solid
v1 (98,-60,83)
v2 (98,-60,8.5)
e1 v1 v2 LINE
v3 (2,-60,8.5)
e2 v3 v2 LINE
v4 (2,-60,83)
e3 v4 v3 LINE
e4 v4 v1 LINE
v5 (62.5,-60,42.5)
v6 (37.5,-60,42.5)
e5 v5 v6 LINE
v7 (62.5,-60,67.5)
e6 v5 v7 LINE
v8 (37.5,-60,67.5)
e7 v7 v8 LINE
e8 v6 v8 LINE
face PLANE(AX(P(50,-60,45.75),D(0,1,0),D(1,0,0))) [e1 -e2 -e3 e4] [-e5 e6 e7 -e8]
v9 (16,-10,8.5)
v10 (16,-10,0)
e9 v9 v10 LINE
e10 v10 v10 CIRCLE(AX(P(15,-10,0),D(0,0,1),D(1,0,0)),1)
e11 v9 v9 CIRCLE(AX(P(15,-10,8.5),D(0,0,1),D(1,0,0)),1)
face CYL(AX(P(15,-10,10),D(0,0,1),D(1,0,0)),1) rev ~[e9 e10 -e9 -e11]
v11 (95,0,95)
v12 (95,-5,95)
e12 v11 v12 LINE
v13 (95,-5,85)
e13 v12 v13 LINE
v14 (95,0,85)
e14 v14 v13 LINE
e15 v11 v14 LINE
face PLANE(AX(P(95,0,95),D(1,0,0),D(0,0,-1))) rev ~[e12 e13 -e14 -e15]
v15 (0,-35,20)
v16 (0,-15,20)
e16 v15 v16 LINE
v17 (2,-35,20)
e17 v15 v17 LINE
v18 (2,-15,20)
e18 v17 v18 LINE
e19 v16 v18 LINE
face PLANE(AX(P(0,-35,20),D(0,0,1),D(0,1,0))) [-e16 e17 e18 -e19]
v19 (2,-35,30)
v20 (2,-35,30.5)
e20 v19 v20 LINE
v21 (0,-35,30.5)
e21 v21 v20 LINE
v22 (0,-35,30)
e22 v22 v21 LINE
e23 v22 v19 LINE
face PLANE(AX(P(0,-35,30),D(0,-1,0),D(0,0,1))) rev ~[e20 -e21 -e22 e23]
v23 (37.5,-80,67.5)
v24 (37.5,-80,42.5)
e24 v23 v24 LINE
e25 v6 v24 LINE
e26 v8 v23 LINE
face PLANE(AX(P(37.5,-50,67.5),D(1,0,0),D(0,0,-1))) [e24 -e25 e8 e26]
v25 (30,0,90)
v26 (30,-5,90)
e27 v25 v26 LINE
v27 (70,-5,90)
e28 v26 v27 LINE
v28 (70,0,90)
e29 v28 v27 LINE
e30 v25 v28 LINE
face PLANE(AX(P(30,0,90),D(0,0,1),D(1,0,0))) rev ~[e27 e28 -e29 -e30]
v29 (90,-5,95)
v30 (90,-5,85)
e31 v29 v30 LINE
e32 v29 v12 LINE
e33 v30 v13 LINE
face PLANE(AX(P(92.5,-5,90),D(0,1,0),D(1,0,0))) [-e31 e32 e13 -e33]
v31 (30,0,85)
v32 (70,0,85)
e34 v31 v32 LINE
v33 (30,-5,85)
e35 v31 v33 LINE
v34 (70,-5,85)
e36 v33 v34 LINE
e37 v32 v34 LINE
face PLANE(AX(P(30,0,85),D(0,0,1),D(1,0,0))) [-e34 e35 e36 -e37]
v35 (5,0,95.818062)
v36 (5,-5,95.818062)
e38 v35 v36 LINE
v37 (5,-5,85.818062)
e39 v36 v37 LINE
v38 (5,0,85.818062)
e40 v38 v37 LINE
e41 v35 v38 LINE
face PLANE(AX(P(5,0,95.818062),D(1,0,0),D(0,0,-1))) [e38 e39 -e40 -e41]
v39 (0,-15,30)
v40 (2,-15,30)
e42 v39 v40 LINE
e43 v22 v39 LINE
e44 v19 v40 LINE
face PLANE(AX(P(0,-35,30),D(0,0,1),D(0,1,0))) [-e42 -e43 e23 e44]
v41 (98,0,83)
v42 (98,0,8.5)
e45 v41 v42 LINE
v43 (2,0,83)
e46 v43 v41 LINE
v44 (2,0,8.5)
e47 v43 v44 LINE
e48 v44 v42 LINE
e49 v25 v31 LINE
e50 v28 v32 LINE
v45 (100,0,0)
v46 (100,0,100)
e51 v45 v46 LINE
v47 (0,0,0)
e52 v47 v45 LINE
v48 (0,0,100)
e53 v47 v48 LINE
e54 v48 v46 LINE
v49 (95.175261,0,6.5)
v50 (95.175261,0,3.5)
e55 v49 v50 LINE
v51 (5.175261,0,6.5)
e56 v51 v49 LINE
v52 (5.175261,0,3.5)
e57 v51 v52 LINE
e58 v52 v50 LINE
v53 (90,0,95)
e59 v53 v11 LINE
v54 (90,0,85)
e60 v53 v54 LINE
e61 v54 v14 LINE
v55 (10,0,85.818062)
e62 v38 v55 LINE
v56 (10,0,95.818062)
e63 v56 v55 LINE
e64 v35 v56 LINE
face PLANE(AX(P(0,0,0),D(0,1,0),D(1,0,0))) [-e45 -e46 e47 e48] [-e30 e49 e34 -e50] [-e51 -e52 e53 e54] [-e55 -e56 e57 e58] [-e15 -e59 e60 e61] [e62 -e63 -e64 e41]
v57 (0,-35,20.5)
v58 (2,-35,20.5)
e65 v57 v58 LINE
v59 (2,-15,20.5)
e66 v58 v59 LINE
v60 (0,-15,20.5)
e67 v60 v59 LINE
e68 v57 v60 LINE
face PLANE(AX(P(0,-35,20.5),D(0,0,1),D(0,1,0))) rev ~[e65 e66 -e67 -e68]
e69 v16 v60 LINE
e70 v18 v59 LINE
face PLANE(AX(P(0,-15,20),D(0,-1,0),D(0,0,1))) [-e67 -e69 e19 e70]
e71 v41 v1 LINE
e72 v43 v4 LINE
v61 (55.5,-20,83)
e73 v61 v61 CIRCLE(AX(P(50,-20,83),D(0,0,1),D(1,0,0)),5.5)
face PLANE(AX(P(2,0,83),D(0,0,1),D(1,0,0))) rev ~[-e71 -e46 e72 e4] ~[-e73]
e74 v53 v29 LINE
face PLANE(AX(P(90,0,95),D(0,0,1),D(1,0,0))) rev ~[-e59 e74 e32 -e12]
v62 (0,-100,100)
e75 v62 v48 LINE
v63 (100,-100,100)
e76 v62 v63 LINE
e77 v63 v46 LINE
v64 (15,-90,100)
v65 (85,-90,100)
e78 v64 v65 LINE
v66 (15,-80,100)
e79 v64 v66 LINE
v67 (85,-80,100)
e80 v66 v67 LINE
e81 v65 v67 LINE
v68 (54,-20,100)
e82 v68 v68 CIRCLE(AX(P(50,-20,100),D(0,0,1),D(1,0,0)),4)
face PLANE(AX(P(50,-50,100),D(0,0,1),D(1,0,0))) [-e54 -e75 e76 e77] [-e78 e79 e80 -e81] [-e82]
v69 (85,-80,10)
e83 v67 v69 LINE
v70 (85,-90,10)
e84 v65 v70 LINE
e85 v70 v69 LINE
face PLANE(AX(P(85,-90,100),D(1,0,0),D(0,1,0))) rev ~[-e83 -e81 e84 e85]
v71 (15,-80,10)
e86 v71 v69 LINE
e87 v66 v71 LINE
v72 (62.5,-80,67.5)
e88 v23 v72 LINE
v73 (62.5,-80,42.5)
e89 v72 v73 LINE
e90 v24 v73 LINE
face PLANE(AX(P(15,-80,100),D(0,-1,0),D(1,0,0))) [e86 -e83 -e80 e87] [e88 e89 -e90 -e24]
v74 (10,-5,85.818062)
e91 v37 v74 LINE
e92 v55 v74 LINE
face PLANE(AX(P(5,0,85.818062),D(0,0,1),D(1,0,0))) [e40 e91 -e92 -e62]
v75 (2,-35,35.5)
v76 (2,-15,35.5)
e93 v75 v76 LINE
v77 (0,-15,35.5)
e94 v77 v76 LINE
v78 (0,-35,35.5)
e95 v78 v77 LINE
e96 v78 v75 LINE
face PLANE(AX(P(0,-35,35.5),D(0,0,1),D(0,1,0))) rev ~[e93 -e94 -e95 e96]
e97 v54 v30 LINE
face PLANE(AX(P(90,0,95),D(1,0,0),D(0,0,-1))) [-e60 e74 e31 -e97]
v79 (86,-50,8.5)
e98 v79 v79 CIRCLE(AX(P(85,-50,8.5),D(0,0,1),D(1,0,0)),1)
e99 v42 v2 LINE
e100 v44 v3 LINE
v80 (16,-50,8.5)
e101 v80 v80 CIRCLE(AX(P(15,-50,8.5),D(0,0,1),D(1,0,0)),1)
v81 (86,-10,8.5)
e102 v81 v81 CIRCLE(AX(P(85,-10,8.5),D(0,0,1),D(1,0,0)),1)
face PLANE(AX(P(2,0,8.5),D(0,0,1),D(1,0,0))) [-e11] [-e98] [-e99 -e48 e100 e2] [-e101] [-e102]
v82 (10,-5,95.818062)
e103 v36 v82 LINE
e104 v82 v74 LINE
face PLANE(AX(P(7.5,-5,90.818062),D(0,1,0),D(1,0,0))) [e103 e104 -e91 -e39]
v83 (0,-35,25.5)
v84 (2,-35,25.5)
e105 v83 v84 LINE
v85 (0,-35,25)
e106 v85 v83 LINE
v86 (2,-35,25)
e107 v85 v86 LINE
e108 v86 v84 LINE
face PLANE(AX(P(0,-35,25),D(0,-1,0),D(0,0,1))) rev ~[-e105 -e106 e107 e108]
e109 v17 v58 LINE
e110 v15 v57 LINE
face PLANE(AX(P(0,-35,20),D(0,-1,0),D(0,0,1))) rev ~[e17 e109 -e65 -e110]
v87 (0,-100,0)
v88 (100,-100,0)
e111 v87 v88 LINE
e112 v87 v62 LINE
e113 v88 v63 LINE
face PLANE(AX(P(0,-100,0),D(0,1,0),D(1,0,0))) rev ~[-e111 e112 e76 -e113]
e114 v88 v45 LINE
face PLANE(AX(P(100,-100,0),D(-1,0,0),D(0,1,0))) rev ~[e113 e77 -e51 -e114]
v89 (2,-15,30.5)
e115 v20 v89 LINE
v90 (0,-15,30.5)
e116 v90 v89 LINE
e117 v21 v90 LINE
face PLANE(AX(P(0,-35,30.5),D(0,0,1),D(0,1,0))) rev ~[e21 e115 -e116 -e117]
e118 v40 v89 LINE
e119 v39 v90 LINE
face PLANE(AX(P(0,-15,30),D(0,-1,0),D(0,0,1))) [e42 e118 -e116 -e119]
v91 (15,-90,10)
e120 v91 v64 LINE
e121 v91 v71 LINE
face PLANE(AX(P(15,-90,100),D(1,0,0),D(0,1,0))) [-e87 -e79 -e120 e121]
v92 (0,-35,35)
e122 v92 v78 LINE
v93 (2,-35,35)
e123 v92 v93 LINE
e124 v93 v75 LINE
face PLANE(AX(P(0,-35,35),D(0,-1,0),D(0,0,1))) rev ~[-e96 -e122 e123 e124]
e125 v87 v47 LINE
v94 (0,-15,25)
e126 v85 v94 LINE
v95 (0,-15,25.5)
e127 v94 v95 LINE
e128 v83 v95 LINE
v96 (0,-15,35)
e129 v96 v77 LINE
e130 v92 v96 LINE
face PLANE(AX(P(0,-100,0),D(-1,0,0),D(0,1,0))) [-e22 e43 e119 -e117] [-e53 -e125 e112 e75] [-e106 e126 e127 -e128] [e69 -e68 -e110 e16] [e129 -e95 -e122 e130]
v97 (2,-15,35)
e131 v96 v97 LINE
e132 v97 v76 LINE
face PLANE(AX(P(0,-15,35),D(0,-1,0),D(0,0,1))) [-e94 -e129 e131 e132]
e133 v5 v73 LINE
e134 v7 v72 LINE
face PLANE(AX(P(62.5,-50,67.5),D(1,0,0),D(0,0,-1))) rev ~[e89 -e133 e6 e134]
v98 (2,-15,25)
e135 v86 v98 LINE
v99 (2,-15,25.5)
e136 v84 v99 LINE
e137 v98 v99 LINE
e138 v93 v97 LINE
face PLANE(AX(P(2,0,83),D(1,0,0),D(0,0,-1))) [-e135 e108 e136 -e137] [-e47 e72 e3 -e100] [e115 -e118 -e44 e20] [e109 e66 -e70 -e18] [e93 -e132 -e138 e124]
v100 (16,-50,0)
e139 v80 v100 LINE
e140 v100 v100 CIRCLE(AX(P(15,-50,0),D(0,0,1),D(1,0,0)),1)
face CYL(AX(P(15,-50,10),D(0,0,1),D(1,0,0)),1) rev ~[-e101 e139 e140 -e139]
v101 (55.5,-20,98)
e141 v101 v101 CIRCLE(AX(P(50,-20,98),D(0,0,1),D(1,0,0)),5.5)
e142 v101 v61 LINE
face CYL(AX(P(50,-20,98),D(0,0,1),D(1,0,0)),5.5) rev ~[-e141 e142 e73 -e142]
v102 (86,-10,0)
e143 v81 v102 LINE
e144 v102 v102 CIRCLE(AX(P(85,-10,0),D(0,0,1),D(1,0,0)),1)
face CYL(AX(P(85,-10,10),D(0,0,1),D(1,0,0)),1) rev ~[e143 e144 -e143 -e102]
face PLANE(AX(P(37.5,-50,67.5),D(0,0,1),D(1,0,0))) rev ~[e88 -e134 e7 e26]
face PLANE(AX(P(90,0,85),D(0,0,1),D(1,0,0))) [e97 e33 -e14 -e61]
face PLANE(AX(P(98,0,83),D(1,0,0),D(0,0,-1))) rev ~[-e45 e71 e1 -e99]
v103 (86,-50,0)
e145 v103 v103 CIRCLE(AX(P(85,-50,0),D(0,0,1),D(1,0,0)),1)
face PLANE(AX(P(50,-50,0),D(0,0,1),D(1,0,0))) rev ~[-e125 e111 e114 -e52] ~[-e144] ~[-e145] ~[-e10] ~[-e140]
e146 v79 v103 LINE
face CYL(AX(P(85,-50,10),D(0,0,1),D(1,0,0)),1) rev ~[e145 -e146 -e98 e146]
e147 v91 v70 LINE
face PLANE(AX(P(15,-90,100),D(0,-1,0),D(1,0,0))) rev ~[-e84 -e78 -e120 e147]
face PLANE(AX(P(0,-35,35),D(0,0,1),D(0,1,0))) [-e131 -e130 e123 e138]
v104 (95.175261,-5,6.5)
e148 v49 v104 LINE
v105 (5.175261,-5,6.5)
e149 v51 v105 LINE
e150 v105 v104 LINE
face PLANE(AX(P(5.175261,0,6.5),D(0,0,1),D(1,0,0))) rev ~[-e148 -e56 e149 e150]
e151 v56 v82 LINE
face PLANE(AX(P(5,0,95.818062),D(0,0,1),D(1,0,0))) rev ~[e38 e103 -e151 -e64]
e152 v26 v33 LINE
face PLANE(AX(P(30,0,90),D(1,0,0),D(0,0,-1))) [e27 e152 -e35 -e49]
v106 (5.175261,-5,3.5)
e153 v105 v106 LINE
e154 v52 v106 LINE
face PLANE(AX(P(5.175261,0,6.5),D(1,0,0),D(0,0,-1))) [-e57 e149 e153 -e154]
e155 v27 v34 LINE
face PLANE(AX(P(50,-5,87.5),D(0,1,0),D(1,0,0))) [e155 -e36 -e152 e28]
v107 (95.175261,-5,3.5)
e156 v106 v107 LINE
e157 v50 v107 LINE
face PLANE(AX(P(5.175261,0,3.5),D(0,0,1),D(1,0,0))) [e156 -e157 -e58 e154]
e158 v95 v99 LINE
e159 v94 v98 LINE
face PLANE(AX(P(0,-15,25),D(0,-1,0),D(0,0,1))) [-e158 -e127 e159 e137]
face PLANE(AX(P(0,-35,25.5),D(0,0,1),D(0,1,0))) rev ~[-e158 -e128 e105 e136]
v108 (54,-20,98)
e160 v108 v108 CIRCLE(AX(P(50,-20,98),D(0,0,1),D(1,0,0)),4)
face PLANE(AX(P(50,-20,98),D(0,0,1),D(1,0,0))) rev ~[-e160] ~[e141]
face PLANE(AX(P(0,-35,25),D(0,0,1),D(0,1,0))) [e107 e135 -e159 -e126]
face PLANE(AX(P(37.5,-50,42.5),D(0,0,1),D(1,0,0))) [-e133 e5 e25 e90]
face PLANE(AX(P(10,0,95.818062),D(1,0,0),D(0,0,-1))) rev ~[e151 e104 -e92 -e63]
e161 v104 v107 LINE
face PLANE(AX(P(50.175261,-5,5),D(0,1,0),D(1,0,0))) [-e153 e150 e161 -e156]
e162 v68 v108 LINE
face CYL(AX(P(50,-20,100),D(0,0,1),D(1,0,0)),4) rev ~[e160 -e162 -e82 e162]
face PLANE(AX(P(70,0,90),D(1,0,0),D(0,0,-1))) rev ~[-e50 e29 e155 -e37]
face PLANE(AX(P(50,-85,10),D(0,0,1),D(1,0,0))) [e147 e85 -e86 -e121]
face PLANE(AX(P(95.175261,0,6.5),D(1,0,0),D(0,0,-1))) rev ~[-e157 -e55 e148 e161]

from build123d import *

# Parameters (mm, degrees)
SKETCH1_W           = 100
SKETCH1_H           = 100
BOSS_EXTRUDE1_DEPTH = 100
SKETCH2_W           = 90
SKETCH2_H           = 70
CUT_EXTRUDE1_DEPTH  = 50
SKETCH3_W           = 25
SKETCH3_H           = 25
CUT_EXTRUDE2_DEPTH  = 30
SKETCH4_W           = 70
SKETCH4_H           = 10
CUT_EXTRUDE3_DEPTH  = 70
SKETCH9_W           = 0.5
SKETCH9_H           = 20
CUT_EXTRUDE7_DEPTH  = 10
SKETCH15_W          = 40
SKETCH15_H          = 5
CUT_EXTRUDE8_DEPTH  = 5
SKETCH16_W          = 5
SKETCH16_H          = 10
CUT_EXTRUDE9_DEPTH  = 5
SKETCH17_W          = 5
SKETCH17_H          = 10
CUT_EXTRUDE10_DEPTH = 5
SKETCH20_W          = 70
SKETCH20_H          = 10
CUT_EXTRUDE11_DEPTH = 20
SKETCH21_W          = 90
SKETCH21_H          = 3
CUT_EXTRUDE12_DEPTH = 5
SKETCH23_W          = 90
SKETCH23_H          = 70
CUT_EXTRUDE14_DEPTH = 10
SKETCH26_R          = 1
CUT_EXTRUDE16_DEPTH = 10
SKETCH29_R          = 4
CUT_EXTRUDE20_DEPTH = 11
CUT_EXTRUDE21_START = -2
SKETCH30_R          = 5.5
CUT_EXTRUDE21_DEPTH = 20
SKETCH31_W          = 96
SKETCH31_H          = 74.5
CUT_EXTRUDE22_DEPTH = 60


with BuildPart() as part:
    # Sketch1 → Boss-Extrude1 (new body)
    with BuildSketch(Plane.XY):
        with Locations((50, -50)):
            Rectangle(SKETCH1_W, SKETCH1_H)
    extrude(amount=BOSS_EXTRUDE1_DEPTH)

    # Sketch2 → Cut-Extrude1 (cut)
    with BuildSketch(Plane(origin=(0, 0, 0), x_dir=(1, 0, 0), z_dir=(0, 1, 0))):
        with Locations((50, -45)):
            Rectangle(SKETCH2_W, SKETCH2_H)
    extrude(amount=-CUT_EXTRUDE1_DEPTH, mode=Mode.SUBTRACT)

    # Sketch3 → Cut-Extrude2 (cut)
    with BuildSketch(Plane(origin=(0, -50, 0), x_dir=(1, 0, 0), z_dir=(0, 1, 0))):
        with Locations((50, -55)):
            Rectangle(SKETCH3_W, SKETCH3_H)
    extrude(amount=-CUT_EXTRUDE2_DEPTH, mode=Mode.SUBTRACT)

    # Sketch4 → Cut-Extrude3 (cut)
    with BuildSketch(Plane.XY.offset(100)):
        with Locations((50, -85)):
            Rectangle(SKETCH4_W, SKETCH4_H)
    extrude(amount=-CUT_EXTRUDE3_DEPTH, mode=Mode.SUBTRACT)

    # Sketch9 → Cut-Extrude7 (cut)
    with BuildSketch(Plane.ZY):
        with Locations((20.25, -25)):
            Rectangle(SKETCH9_W, SKETCH9_H)
        with Locations((25.25, -25)):
            Rectangle(SKETCH9_W, SKETCH9_H)
        with Locations((30.25, -25)):
            Rectangle(SKETCH9_W, SKETCH9_H)
        with Locations((35.25, -25)):
            Rectangle(SKETCH9_W, SKETCH9_H)
    extrude(amount=-CUT_EXTRUDE7_DEPTH, mode=Mode.SUBTRACT)

    # Sketch15 → Cut-Extrude8 (cut)
    with BuildSketch(Plane(origin=(0, 0, 0), x_dir=(1, 0, 0), z_dir=(0, 1, 0))):
        with Locations((50, -87.5)):
            Rectangle(SKETCH15_W, SKETCH15_H)
    extrude(amount=-CUT_EXTRUDE8_DEPTH, mode=Mode.SUBTRACT)

    # Sketch16 → Cut-Extrude9 (cut)
    with BuildSketch(Plane(origin=(0, 0, 0), x_dir=(1, 0, 0), z_dir=(0, 1, 0))):
        with Locations((7.5, -90.818061544)):
            Rectangle(SKETCH16_W, SKETCH16_H)
    extrude(amount=-CUT_EXTRUDE9_DEPTH, mode=Mode.SUBTRACT)

    # Sketch17 → Cut-Extrude10 (cut)
    with BuildSketch(Plane(origin=(0, 0, 0), x_dir=(1, 0, 0), z_dir=(0, 1, 0))):
        with Locations((92.5, -90)):
            Rectangle(SKETCH17_W, SKETCH17_H)
    extrude(amount=-CUT_EXTRUDE10_DEPTH, mode=Mode.SUBTRACT)

    # Sketch20 → Cut-Extrude11 (cut)
    with BuildSketch(Plane.XY.offset(30)):
        with Locations((50, -85)):
            Rectangle(SKETCH20_W, SKETCH20_H)
    extrude(amount=-CUT_EXTRUDE11_DEPTH, mode=Mode.SUBTRACT)

    # Sketch21 → Cut-Extrude12 (cut)
    with BuildSketch(Plane(origin=(0, 0, 0), x_dir=(1, 0, 0), z_dir=(0, 1, 0))):
        with Locations((50.175260559, -5)):
            Rectangle(SKETCH21_W, SKETCH21_H)
    extrude(amount=-CUT_EXTRUDE12_DEPTH, mode=Mode.SUBTRACT)

    # Sketch23 → Cut-Extrude14 (cut)
    with BuildSketch(Plane(origin=(0, -50, 0), x_dir=(1, 0, 0), z_dir=(0, 1, 0))):
        with Locations((50, -45)):
            Rectangle(SKETCH23_W, SKETCH23_H)
    extrude(amount=-CUT_EXTRUDE14_DEPTH, mode=Mode.SUBTRACT)

    # Sketch26 → Cut-Extrude16 (cut)
    with BuildSketch(Plane.XY.offset(10)):
        with Locations((15, -10)):
            Circle(SKETCH26_R)
        with Locations((85, -10)):
            Circle(SKETCH26_R)
        with Locations((85, -50)):
            Circle(SKETCH26_R)
        with Locations((15, -50)):
            Circle(SKETCH26_R)
    extrude(amount=-CUT_EXTRUDE16_DEPTH, mode=Mode.SUBTRACT)

    # Sketch29 → Cut-Extrude20 (cut)
    with BuildSketch(Plane.XY.offset(100)):
        with Locations((50, -20)):
            Circle(SKETCH29_R)
    extrude(amount=-CUT_EXTRUDE20_DEPTH, mode=Mode.SUBTRACT)

    # Sketch30 → Cut-Extrude21 (cut)
    with BuildSketch(Plane.XY.offset(100).offset(CUT_EXTRUDE21_START)):
        with Locations((50, -20)):
            Circle(SKETCH30_R)
    extrude(amount=-CUT_EXTRUDE21_DEPTH, mode=Mode.SUBTRACT)

    # Sketch31 → Cut-Extrude22 (cut)
    with BuildSketch(Plane(origin=(0, 0, 0), x_dir=(1, 0, 0), z_dir=(0, 1, 0))):
        with Locations((50, -45.75)):
            Rectangle(SKETCH31_W, SKETCH31_H)
    extrude(amount=-CUT_EXTRUDE22_DEPTH, mode=Mode.SUBTRACT)


solid = part.part
